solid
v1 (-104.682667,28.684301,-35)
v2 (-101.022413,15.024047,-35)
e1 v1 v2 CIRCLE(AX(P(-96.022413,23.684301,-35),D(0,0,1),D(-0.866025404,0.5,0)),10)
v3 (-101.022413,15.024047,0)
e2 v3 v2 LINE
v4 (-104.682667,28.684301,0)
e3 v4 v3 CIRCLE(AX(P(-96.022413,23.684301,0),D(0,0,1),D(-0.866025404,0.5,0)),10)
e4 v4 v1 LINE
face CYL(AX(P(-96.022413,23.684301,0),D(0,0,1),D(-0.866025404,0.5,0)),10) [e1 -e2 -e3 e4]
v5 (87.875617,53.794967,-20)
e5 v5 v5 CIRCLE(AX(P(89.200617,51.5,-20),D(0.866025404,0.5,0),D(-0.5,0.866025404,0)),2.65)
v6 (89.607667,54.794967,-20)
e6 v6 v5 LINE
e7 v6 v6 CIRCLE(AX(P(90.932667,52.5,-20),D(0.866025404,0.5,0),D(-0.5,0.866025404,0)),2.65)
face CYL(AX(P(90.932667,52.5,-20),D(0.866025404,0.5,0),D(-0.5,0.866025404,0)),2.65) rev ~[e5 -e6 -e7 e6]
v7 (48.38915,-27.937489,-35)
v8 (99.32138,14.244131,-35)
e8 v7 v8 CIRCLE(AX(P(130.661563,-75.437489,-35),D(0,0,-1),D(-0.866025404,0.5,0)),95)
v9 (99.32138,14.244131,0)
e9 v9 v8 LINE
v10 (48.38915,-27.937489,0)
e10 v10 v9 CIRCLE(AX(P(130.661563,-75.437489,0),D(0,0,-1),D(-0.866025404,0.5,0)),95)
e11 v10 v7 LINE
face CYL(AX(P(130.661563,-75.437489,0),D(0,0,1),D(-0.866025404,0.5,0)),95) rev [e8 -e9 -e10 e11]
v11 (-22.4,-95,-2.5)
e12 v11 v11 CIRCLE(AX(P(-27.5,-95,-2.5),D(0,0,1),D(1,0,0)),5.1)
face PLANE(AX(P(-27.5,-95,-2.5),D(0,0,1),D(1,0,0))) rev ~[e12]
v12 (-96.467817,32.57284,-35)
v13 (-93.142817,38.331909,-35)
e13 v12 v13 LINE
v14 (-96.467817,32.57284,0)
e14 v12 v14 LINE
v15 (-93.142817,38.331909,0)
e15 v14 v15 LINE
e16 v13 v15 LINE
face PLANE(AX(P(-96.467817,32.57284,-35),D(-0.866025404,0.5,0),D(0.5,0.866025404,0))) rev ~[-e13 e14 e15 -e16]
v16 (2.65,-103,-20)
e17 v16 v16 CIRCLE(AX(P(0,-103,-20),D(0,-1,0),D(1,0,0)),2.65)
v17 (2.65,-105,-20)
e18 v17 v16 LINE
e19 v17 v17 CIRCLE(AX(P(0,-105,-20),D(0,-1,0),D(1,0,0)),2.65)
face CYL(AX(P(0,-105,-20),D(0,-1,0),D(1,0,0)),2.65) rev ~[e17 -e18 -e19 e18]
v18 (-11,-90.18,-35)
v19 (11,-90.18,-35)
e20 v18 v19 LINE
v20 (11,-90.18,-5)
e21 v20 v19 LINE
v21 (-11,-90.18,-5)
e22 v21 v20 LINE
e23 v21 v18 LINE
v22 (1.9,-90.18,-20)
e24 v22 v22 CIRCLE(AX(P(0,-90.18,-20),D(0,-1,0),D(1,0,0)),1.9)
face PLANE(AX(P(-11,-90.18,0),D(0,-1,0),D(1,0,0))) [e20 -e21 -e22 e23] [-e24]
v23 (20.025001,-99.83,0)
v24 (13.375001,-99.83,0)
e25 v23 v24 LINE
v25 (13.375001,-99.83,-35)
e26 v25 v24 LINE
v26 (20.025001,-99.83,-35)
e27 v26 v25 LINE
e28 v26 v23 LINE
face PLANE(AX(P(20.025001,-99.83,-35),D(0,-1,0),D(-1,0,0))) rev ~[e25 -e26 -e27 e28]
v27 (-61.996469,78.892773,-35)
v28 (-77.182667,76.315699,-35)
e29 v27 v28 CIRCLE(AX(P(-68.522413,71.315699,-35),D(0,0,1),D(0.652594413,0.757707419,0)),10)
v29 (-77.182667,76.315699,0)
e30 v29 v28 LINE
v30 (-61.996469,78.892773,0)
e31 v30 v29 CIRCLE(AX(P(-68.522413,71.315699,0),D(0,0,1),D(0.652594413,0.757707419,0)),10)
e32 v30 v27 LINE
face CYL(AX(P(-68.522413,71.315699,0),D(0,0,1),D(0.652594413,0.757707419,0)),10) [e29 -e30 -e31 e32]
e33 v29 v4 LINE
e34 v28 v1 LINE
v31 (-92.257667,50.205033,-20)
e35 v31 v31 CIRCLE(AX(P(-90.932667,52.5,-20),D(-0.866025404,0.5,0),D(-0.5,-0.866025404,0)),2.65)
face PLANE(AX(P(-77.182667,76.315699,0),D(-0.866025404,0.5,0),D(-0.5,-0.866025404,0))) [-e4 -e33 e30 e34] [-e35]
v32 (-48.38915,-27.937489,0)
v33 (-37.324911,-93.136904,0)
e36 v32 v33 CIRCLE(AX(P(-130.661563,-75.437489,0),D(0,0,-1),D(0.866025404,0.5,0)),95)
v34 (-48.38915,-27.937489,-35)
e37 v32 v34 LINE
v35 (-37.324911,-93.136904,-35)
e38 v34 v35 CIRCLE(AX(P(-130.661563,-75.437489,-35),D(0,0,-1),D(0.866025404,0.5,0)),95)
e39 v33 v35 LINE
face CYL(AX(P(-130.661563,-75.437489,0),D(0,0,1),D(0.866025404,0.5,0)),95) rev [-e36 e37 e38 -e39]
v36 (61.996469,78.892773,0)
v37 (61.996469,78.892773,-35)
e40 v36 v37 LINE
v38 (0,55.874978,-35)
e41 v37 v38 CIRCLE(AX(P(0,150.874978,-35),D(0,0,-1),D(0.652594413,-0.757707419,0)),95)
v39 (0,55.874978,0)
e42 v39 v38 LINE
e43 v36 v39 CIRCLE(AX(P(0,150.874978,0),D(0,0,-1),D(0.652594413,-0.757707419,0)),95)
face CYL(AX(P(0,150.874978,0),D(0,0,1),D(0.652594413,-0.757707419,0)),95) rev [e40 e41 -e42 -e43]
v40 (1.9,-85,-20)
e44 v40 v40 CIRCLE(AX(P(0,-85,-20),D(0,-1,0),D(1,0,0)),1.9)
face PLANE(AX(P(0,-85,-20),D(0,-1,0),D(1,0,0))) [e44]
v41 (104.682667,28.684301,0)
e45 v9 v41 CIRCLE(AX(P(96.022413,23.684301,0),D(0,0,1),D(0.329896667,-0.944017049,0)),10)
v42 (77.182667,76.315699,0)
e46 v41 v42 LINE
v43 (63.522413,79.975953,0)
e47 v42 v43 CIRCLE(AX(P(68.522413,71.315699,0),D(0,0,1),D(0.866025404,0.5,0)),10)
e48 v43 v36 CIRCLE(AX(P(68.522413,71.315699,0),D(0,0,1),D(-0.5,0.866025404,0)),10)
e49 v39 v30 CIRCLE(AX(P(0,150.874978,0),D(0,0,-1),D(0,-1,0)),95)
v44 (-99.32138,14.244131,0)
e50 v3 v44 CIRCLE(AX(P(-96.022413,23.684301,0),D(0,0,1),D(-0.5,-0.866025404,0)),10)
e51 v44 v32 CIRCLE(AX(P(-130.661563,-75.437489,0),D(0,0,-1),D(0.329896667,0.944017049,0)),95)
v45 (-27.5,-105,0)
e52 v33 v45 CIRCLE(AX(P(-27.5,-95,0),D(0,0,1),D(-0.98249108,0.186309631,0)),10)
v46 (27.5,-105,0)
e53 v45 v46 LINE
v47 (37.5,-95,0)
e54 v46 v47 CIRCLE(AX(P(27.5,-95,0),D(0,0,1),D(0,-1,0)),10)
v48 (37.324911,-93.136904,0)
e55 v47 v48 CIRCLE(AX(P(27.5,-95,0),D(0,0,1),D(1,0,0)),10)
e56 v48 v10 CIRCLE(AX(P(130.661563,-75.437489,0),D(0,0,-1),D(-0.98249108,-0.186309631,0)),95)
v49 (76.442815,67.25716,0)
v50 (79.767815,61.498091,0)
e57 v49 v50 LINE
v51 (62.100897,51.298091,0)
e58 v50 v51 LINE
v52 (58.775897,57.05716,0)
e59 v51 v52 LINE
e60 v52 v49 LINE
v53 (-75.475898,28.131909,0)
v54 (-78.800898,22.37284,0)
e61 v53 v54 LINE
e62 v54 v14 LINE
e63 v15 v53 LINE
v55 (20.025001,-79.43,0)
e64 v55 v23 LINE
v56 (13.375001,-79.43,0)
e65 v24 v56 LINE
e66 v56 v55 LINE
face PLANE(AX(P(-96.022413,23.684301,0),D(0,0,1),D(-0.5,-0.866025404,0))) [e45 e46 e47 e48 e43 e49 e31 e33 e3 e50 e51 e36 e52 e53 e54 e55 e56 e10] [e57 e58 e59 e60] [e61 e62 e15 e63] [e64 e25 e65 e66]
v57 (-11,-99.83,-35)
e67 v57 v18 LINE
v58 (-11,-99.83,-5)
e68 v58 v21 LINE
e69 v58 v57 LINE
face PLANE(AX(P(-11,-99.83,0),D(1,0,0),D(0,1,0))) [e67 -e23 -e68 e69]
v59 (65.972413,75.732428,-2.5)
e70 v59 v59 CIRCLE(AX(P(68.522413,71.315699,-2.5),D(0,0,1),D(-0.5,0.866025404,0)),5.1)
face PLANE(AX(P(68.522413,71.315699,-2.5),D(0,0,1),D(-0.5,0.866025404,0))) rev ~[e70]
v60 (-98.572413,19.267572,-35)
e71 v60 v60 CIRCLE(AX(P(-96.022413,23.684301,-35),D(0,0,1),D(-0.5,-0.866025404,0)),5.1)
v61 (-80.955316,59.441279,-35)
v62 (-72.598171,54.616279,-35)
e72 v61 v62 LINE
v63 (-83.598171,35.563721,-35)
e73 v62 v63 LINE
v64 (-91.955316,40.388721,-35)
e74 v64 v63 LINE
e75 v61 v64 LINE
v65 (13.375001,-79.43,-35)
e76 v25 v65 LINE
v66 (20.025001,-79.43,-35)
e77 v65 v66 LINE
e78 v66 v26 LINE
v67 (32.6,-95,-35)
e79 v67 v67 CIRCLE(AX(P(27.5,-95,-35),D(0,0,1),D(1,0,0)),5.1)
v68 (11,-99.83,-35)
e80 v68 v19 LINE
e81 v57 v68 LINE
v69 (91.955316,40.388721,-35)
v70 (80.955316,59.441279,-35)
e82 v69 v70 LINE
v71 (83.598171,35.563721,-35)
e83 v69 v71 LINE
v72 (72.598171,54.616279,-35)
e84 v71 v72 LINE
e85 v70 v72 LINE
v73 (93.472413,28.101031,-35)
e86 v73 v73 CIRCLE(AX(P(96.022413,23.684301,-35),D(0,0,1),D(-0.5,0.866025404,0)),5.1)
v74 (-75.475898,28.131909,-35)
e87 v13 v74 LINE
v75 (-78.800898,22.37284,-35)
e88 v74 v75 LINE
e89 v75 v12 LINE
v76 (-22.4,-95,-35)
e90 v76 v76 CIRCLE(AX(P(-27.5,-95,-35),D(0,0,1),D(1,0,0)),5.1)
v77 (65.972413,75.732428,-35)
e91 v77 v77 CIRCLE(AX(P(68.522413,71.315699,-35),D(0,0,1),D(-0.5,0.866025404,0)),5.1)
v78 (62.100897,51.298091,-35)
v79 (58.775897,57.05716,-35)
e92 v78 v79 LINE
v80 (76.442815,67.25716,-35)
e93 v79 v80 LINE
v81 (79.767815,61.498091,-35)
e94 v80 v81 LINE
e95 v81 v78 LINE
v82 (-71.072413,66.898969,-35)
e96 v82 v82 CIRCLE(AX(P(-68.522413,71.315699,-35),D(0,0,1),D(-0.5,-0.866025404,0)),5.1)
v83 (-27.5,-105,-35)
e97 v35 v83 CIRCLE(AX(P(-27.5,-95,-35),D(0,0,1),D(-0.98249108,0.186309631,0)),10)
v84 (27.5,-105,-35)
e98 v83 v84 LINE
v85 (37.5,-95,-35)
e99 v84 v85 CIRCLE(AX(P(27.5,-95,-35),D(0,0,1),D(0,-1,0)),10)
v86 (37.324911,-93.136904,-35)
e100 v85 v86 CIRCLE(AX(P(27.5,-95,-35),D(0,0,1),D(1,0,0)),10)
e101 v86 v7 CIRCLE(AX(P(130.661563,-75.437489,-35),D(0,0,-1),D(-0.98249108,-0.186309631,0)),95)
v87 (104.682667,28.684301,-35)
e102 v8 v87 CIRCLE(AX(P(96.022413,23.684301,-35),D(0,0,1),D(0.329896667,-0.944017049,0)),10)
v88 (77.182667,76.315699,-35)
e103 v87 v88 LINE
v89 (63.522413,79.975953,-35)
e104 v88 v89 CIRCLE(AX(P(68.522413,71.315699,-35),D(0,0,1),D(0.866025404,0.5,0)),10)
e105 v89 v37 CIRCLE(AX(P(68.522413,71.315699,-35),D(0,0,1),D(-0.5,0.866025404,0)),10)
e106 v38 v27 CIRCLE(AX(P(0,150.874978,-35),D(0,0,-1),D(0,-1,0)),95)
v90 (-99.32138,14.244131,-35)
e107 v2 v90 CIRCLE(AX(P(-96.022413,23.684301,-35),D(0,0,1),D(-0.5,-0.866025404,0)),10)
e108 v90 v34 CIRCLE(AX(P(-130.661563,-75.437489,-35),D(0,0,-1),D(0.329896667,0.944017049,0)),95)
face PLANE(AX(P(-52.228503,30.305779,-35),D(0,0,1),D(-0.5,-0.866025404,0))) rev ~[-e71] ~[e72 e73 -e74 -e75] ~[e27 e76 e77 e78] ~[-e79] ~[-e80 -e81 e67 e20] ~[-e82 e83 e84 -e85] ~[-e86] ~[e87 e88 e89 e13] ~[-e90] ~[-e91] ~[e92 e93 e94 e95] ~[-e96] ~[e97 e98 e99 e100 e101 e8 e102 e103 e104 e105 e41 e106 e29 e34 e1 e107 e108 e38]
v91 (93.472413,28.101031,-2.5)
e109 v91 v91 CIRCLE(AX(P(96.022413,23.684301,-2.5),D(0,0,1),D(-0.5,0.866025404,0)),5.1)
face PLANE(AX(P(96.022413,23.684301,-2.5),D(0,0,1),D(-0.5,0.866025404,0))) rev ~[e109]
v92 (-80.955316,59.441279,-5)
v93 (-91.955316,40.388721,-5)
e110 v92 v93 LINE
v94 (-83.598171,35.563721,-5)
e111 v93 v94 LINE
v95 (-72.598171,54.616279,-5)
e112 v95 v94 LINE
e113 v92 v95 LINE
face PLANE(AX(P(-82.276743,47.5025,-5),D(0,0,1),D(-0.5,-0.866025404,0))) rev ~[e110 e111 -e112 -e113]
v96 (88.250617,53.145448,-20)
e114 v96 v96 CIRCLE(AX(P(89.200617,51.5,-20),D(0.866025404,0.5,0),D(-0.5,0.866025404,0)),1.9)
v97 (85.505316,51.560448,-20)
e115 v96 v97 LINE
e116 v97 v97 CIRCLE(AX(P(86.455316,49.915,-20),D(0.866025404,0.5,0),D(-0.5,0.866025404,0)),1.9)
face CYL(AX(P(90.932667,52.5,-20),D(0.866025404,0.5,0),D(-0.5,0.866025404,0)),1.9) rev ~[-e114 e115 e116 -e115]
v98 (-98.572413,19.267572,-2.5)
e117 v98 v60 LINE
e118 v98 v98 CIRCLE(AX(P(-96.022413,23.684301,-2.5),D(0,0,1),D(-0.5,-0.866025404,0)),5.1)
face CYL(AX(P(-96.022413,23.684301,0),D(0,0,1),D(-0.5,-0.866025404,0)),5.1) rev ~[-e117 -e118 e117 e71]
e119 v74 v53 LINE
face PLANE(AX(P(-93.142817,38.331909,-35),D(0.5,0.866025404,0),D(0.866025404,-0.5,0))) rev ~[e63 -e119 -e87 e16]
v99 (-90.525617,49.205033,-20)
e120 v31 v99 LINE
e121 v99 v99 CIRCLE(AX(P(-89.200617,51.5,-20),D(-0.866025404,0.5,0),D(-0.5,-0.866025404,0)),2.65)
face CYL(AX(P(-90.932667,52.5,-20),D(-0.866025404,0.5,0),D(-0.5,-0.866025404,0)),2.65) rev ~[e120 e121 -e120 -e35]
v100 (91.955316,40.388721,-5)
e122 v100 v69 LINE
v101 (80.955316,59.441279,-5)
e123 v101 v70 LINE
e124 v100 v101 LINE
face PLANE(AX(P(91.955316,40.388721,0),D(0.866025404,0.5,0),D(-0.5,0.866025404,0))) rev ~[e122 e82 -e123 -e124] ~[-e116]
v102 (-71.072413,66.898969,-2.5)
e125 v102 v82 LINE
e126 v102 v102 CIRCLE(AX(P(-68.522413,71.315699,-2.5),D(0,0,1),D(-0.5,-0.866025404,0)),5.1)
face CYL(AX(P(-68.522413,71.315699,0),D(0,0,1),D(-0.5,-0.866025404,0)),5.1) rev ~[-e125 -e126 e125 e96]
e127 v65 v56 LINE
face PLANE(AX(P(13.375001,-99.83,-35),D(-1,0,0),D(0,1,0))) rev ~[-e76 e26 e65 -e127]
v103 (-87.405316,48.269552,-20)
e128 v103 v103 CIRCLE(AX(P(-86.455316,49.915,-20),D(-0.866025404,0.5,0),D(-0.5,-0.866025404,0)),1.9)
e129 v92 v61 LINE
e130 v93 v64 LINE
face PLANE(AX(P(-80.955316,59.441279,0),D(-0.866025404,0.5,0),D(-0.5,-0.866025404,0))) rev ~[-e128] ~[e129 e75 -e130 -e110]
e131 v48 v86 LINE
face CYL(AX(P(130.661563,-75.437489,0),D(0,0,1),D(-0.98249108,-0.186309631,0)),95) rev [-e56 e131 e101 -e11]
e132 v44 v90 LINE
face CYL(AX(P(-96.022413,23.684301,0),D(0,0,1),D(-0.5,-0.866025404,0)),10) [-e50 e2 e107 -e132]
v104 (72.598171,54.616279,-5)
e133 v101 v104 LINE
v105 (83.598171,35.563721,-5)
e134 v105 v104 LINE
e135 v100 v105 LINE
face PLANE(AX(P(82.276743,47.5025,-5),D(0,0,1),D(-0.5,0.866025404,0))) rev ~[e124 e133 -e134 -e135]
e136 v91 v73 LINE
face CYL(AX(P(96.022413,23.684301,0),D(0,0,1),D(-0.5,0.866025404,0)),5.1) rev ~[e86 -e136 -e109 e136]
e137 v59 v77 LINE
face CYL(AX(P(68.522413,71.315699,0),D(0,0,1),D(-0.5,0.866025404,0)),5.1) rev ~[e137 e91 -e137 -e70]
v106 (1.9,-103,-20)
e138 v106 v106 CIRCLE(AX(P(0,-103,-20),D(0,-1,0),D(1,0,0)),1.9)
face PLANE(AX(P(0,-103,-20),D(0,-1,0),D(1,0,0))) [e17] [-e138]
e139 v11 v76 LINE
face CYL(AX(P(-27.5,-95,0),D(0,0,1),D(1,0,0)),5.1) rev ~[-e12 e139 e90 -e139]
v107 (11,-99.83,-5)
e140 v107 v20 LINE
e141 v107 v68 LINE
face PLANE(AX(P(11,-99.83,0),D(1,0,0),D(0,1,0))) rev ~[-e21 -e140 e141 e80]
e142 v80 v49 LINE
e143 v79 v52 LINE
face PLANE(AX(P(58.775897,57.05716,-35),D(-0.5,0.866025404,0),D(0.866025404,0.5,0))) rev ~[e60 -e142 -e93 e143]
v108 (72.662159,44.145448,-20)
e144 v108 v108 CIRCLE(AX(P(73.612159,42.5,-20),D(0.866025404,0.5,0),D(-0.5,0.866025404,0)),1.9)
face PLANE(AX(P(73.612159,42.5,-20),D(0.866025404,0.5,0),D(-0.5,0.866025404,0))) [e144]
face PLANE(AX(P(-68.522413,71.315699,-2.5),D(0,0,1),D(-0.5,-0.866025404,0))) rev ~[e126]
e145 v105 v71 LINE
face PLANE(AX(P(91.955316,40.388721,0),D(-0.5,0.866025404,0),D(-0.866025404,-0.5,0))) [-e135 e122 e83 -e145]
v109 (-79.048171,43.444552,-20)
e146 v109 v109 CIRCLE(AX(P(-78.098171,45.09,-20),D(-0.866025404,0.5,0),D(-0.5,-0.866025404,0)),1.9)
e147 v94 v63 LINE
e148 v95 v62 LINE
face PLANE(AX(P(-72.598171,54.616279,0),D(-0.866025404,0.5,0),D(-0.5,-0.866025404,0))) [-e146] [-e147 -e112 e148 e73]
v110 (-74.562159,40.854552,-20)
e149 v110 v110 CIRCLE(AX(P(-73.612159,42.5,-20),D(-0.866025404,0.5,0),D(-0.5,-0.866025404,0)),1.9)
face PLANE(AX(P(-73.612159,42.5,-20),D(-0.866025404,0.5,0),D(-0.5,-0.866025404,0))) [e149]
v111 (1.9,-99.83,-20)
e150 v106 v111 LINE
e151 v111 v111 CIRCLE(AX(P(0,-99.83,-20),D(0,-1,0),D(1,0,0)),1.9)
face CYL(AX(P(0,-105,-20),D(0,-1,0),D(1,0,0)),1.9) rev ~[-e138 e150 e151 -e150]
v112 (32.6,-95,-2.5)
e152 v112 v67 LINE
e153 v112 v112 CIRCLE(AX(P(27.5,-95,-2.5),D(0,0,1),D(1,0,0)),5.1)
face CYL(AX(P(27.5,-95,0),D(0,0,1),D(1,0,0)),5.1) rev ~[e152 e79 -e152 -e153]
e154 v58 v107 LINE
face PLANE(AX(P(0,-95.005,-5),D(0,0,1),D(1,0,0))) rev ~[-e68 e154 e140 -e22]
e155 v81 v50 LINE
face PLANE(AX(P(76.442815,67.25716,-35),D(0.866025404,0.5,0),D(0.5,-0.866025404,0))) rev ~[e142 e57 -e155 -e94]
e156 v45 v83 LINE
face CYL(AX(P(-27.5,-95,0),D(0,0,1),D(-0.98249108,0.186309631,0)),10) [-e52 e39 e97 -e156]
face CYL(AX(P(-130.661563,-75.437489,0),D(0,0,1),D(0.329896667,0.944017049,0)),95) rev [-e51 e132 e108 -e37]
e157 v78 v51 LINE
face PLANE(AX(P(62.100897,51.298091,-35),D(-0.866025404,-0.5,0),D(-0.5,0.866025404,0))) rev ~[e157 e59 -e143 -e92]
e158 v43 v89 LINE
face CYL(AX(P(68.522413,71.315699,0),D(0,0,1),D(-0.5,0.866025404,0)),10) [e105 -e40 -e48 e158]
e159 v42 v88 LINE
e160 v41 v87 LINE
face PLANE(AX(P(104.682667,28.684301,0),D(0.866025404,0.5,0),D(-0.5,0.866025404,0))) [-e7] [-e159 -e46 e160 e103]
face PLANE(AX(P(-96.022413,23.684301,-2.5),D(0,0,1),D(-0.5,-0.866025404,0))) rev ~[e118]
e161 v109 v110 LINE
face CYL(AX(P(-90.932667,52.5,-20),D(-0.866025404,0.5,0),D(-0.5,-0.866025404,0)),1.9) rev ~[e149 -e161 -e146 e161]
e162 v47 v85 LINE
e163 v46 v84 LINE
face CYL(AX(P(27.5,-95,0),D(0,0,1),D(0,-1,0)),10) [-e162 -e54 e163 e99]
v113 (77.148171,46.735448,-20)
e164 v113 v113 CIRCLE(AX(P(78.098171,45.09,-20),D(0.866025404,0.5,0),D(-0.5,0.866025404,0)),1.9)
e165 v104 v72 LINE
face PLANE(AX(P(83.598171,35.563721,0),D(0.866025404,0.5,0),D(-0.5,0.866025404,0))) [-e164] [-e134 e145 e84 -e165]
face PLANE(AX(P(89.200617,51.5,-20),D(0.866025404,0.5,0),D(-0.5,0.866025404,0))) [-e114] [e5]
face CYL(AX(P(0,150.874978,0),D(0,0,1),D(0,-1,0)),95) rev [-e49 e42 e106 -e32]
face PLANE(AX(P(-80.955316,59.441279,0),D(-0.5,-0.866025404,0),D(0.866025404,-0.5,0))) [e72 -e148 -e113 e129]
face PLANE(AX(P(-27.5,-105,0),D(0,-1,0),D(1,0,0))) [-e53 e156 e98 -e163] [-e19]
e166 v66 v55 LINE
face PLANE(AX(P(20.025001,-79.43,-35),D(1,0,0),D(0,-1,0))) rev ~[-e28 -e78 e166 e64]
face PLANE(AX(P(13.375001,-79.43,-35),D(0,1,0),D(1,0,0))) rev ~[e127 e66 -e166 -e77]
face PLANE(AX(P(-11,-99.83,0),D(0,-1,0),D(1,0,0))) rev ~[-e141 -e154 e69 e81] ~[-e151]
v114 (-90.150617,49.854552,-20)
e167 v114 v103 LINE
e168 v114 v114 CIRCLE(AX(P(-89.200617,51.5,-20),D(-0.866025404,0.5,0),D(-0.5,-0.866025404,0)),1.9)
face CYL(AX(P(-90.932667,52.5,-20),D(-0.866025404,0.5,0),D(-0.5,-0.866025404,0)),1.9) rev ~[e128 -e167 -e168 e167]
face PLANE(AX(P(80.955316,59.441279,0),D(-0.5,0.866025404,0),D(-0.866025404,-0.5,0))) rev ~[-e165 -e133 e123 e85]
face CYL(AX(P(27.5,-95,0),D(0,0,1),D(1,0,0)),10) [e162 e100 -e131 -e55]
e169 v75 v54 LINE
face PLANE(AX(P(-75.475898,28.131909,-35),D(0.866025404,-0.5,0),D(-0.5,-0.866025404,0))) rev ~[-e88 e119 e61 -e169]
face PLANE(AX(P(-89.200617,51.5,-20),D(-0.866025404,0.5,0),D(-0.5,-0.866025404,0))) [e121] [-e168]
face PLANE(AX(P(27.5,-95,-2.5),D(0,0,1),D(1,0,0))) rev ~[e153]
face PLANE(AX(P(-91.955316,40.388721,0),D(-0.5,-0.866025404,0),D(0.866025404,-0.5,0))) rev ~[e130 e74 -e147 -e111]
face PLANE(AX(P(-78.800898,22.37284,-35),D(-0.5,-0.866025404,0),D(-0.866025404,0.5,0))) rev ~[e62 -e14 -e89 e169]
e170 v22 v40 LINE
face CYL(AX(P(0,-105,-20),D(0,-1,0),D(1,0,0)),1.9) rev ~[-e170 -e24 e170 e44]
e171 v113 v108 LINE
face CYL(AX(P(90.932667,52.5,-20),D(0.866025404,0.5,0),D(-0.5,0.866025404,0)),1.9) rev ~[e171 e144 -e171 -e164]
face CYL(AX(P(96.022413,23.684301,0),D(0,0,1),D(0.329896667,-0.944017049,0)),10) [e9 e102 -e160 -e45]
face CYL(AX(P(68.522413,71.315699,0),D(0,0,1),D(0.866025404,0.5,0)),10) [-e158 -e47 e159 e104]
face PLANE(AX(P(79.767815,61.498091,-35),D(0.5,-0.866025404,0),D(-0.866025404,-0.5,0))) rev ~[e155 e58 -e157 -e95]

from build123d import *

# Parameters (mm, degrees)
F0_R      = 5.1
F1_DEPTH  = 35
F2_W      = 22
F2_H      = 9.65
F3_DEPTH  = 35
F4_DEPTH  = 5
F5_DEPTH  = 2.5
F6_R      = 1.9
F7_DEPTH  = 20
F6_R_2    = 2.65
F8_DEPTH  = 2
F10_DEPTH = 35
F11_COUNT = 3


with BuildPart() as f1:
    # F0 (on Top) → F1 (new body)
    with BuildSketch(Plane.XY):
        with BuildLine():
            Line((48.3891499996, -27.9374887781), (0, 0))
            Line((0, 0), (-48.3891499996, -27.9374887781))
            ThreePointArc((-48.3891499996, -27.9374887781), (-37.0005953155, -59.5433683199), (-37.3249107961, -93.1369036932))
            ThreePointArc((-37.3249107961, -93.1369036932), (-26.5643472762, -85.0438685233), (-17.5, -95))
            ThreePointArc((-17.5, -95), (-20.4289321881, -102.0710678119), (-27.5, -105))
            Line((-27.5, -105), (27.5, -105))
            ThreePointArc((27.5, -105), (19.7983455327, -88.6215583043), (37.3249107961, -93.1369036932))
            ThreePointArc((37.3249107961, -93.1369036932), (37.0005953155, -59.5433683199), (48.3891499996, -27.9374887781))
        make_face()
        with BuildLine():
            ThreePointArc((37.5, -95), (37.4561314767, -94.0643472762), (37.3249107961, -93.1369036932))
            ThreePointArc((37.3249107961, -93.1369036932), (19.7983455327, -88.6215583043), (27.5, -105))
            ThreePointArc((27.5, -105), (34.5710678119, -102.0710678119), (37.5, -95))
        make_face()
        with Locations((27.5, -95)):
            Circle(F0_R, mode=Mode.SUBTRACT)
        with BuildLine():
            ThreePointArc((-17.5, -95), (-26.5643472762, -85.0438685233), (-37.3249107961, -93.1369036932))
            ThreePointArc((-37.3249107961, -93.1369036932), (-35.2016544673, -101.3784416957), (-27.5, -105))
            ThreePointArc((-27.5, -105), (-20.4289321881, -102.0710678119), (-17.5, -95))
        make_face()
        with Locations((-27.5, -95)):
            Circle(F0_R, mode=Mode.SUBTRACT)
    extrude(amount=-F1_DEPTH)

    # F2 (on face) → F3 (cut, through all)
    with BuildSketch(Plane.XY):
        with Locations((0, -95.005)):
            Rectangle(F2_W, F2_H)
    extrude(amount=-F3_DEPTH, mode=Mode.SUBTRACT)

    # F2 (on face) → F4 (join)
    with BuildSketch(Plane.XY):
        with Locations((0, -95.005)):
            Rectangle(F2_W, F2_H)
    extrude(amount=-F4_DEPTH)

    # F0 (on Top) → F5 (join)
    with BuildSketch(Plane.XY):
        with Locations((27.5, -95)):
            Circle(F0_R)
        with Locations((-27.5, -95)):
            Circle(F0_R)
    extrude(amount=-F5_DEPTH)

    # F6 (on face) → F7 (cut)
    with BuildSketch(Plane.XZ.offset(105)):
        with Locations((0, -20)):
            Circle(F6_R)
    extrude(amount=-F7_DEPTH, mode=Mode.SUBTRACT)

    # F6 (on face) → F8 (cut)
    with BuildSketch(Plane.XZ.offset(105)):
        with Locations((0, -20)):
            Circle(F6_R_2)
        with Locations((0, -20)):
            Circle(F6_R, mode=Mode.SUBTRACT)
    extrude(amount=-F8_DEPTH, mode=Mode.SUBTRACT)

    # F9 (on face) → F10 (cut, through all)
    with BuildSketch(Plane(origin=(0, 0, -35), x_dir=(1, 0, 0), z_dir=(0, 0, -1))):
        Polygon((20.0250012255, 95.005), (20.0250012255, 99.83), (13.3750012255, 99.83), (13.3750012255, 95.005), (13.3750012255, 79.43), (20.0250012255, 79.43), align=None)
    extrude(amount=-F10_DEPTH, mode=Mode.SUBTRACT)

    # F11: F1 ×3 about axis
    f11_axis = Axis((0, 0, 0), (0, 0, 1))


with BuildPart() as f1_1:
    add(f1.part)
    for i in range(1, F11_COUNT):
        add(f1.part.rotate(f11_axis, i * 360 / F11_COUNT))


solid = f1_1.part
